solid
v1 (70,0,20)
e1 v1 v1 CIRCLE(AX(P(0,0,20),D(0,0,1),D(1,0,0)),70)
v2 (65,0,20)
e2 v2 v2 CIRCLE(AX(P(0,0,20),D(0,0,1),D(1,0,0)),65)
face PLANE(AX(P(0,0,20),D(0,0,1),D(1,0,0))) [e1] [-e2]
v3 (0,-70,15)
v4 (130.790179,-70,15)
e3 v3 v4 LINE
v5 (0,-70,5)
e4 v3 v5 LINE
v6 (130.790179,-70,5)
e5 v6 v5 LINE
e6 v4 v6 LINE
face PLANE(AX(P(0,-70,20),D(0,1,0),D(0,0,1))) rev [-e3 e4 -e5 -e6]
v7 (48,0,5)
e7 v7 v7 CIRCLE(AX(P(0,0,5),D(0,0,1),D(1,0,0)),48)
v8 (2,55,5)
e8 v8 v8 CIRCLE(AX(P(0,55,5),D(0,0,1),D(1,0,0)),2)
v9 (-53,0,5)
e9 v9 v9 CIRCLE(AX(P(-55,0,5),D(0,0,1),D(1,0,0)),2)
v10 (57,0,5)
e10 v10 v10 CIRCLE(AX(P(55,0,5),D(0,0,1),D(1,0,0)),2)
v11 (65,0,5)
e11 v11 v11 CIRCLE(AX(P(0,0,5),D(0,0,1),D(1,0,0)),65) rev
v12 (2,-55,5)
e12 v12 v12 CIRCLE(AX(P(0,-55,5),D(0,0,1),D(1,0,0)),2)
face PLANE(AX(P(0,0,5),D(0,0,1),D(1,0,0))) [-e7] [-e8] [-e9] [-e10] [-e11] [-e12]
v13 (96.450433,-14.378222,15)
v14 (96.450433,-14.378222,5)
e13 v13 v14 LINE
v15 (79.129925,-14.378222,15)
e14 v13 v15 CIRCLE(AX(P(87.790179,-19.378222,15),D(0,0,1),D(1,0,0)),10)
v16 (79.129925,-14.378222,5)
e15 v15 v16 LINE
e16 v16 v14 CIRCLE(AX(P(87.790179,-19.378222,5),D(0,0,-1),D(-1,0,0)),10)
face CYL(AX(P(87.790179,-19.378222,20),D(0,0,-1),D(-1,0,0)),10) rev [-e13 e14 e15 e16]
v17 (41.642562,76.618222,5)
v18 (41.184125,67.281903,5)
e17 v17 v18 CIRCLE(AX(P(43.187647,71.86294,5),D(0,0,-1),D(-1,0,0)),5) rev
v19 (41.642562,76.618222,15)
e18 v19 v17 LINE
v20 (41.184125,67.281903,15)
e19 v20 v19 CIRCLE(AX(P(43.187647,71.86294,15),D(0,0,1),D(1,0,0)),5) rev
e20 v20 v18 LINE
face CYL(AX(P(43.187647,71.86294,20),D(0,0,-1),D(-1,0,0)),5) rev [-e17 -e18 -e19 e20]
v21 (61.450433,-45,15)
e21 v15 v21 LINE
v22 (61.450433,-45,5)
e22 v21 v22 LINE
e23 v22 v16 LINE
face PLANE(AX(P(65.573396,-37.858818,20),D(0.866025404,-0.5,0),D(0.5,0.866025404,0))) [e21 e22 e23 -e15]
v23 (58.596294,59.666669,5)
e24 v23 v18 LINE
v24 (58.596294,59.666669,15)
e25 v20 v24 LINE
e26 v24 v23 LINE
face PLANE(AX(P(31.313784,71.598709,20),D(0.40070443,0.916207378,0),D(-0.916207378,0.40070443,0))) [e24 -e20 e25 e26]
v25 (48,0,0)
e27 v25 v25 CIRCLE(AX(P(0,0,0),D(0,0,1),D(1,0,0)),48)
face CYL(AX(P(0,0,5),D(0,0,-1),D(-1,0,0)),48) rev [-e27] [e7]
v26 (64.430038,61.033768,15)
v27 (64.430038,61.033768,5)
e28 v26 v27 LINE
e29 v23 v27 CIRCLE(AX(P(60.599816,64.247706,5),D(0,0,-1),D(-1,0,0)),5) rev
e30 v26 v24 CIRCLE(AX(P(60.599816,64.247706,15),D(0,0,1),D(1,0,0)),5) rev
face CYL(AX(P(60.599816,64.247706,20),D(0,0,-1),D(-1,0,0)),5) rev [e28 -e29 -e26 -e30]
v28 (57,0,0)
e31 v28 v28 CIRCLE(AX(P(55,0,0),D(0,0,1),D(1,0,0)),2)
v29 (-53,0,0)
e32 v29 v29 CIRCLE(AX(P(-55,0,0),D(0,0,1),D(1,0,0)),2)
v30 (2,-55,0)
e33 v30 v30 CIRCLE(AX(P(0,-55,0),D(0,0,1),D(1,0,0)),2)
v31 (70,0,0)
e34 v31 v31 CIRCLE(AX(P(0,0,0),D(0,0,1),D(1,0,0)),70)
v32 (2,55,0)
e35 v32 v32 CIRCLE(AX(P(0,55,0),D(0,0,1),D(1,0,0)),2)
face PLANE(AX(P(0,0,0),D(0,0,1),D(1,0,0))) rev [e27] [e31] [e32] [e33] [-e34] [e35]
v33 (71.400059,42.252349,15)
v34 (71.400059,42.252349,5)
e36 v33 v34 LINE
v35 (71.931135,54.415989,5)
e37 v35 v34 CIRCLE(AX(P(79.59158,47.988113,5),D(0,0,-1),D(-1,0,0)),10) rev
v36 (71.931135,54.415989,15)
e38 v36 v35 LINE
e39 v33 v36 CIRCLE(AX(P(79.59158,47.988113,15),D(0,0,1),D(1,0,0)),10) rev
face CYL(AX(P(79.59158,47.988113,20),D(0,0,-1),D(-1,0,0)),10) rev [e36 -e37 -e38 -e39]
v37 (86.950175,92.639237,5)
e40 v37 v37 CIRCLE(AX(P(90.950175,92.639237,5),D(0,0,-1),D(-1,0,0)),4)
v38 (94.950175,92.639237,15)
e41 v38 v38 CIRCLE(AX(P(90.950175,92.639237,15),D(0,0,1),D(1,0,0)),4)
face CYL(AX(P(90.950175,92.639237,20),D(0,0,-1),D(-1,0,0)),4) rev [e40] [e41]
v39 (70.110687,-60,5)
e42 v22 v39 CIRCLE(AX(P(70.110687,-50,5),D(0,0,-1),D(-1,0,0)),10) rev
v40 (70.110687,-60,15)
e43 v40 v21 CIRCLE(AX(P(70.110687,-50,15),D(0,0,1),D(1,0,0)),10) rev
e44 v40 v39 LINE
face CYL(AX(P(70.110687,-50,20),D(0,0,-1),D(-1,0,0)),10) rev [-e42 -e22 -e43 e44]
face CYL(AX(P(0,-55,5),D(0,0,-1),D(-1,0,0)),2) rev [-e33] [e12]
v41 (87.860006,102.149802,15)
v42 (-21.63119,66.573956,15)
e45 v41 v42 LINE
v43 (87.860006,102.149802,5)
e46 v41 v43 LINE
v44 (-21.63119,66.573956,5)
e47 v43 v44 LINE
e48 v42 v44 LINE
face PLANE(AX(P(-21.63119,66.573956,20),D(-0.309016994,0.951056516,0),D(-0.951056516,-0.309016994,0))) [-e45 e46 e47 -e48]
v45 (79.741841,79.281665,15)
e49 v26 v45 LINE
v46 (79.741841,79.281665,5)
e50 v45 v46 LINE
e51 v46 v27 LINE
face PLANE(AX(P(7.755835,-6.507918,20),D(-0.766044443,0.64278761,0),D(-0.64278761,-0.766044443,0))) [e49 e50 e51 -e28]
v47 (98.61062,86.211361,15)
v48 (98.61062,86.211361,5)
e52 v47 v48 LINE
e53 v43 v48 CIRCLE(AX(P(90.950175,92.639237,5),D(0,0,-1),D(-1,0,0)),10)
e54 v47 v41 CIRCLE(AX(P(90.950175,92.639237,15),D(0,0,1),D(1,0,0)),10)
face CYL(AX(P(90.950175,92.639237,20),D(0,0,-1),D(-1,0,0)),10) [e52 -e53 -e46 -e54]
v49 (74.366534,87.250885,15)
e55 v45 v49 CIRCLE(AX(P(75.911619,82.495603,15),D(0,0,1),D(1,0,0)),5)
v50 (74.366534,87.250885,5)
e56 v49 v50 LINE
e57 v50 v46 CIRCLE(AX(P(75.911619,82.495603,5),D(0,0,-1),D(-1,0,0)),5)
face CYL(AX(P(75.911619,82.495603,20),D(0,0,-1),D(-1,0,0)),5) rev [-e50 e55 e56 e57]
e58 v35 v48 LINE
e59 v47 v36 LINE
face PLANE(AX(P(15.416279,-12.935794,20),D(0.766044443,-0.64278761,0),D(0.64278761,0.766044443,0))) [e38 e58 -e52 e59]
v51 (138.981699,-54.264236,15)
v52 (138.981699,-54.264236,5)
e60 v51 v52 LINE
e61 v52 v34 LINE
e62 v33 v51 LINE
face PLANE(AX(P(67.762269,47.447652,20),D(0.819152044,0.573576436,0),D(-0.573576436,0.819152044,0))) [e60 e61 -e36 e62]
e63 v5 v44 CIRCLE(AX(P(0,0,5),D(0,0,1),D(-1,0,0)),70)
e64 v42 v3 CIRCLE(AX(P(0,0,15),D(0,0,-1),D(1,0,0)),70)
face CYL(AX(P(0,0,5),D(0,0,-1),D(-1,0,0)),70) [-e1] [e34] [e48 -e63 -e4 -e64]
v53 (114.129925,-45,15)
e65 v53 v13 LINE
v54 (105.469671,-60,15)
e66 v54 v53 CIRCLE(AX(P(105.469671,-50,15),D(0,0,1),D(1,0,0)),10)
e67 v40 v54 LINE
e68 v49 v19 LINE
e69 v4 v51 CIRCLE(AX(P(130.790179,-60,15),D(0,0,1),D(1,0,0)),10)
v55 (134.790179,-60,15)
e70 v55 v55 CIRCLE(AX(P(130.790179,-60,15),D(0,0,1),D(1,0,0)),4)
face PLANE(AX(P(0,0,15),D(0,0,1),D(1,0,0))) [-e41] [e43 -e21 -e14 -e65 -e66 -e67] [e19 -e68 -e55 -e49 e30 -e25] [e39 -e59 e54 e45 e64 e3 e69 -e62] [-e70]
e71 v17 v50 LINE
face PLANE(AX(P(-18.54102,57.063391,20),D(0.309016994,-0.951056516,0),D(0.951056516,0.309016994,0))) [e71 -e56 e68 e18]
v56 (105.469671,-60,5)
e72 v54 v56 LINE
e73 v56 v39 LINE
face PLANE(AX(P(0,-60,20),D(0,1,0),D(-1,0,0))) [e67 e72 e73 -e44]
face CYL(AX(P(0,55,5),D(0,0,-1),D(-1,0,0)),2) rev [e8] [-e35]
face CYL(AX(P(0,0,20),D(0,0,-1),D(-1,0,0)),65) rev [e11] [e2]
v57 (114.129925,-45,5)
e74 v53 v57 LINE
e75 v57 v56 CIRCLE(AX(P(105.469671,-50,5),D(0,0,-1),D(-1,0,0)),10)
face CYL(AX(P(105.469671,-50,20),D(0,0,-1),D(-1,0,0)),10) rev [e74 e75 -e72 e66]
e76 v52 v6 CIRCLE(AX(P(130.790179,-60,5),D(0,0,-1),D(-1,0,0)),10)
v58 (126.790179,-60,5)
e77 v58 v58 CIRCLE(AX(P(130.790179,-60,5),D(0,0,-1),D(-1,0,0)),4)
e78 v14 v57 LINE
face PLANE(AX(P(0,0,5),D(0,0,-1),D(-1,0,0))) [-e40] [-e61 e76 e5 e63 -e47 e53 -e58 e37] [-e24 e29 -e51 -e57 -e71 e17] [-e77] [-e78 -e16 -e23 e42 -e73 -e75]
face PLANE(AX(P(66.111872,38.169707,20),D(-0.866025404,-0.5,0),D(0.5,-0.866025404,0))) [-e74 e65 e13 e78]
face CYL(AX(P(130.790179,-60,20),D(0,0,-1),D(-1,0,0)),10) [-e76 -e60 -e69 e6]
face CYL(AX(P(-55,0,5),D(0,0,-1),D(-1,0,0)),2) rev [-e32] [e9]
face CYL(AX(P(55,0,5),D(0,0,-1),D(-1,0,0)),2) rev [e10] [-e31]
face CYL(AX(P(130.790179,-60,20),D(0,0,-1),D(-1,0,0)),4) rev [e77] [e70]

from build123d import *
from build123d.topology import SkipClean

# Parameters (mm, degrees)
SKETCH_1_R          = 70
SKETCH_1_R_2        = 48
SKETCH_1_R_3        = 2
EXTRUDE_3_DEPTH     = 5
SKETCH_2_R          = 70
SKETCH_2_R_2        = 65
EXTRUDE_4_DEPTH     = 15
SKETCH_4_R          = 4
EXTRUDE_5_DEPTH     = 20
CUT_EXTRUDE_START   = -5
CUT_EXTRUDE_1_DEPTH = 5
CUT_EXTRUDE_2_DEPTH = 5


with BuildPart() as part:
    # 草图1 → 凸台-拉伸3 (new body)
    with BuildSketch(Plane.XY):
        Circle(SKETCH_1_R)
        Circle(SKETCH_1_R_2, mode=Mode.SUBTRACT)
        with Locations((55, 0)):
            Circle(SKETCH_1_R_3, mode=Mode.SUBTRACT)
        with Locations((0, -55)):
            Circle(SKETCH_1_R_3, mode=Mode.SUBTRACT)
        with Locations((-55, 0)):
            Circle(SKETCH_1_R_3, mode=Mode.SUBTRACT)
        with Locations((0, 55)):
            Circle(SKETCH_1_R_3, mode=Mode.SUBTRACT)
    extrude(amount=EXTRUDE_3_DEPTH)

    # 草图2 → 凸台-拉伸4 (add)
    with BuildSketch(Plane.XY.offset(5)):
        Circle(SKETCH_2_R)
        Circle(SKETCH_2_R_2, mode=Mode.SUBTRACT)
    extrude(amount=EXTRUDE_4_DEPTH)

    # 草图4 → 凸台-拉伸5 (add)
    with BuildSketch(Plane.XY):
        with BuildLine():
            ThreePointArc((70, 0), (49.497474683, -49.497474683), (0, -70))
            Line((0, -70), (130.79017873, -70))
            ThreePointArc((130.79017873, -70), (139.660287062, -64.617486132), (138.981699173, -54.264235636))
            Line((138.981699173, -54.264235636), (71.400059285, 42.252348663))
            ThreePointArc((71.400059285, 42.252348663), (69.601097512, 48.4243069), (71.931135296, 54.415989123))
            Line((71.931135296, 54.415989123), (98.610619895, 86.211360741))
            ThreePointArc((98.610619895, 86.211360741), (99.240551189, 98.231165873), (87.86000552, 102.149802001))
            Line((87.86000552, 102.149802001), (-21.631189606, 66.573956141))
            ThreePointArc((-21.631189606, 66.573956141), (41.14496766, 56.631189606), (70, 0))
        make_face()
        with BuildLine():
            Line((105.469670655, -60), (70.110686806, -60))
            ThreePointArc((70.110686806, -60), (61.450432768, -55), (61.450432768, -45))
            Line((61.450432768, -45), (79.129924692, -14.378221735))
            ThreePointArc((79.129924692, -14.378221735), (87.79017873, -9.378221735), (96.450432768, -14.378221735))
            Line((96.450432768, -14.378221735), (114.129924692, -45))
            ThreePointArc((114.129924692, -45), (114.129924692, -55), (105.469670655, -60))
        make_face(mode=Mode.SUBTRACT)
        with Locations((130.79017873, -60)):
            Circle(SKETCH_4_R, mode=Mode.SUBTRACT)
        with BuildLine():
            Line((41.642562118, 76.618222088), (74.366534304, 87.25088519))
            ThreePointArc((74.366534304, 87.25088519), (80.056807139, 85.291567126), (79.741841492, 79.28166456))
            Line((79.741841492, 79.28166456), (64.430038128, 61.033767892))
            ThreePointArc((64.430038128, 61.033767892), (61.740626192, 59.379590093), (58.596293763, 59.66666905))
            Line((58.596293763, 59.66666905), (41.18412494, 67.281902615))
            ThreePointArc((41.18412494, 67.281902615), (38.193663865, 72.108156862), (41.642562118, 76.618222088))
        make_face(mode=Mode.SUBTRACT)
        with Locations((90.950175463, 92.639236838)):
            Circle(SKETCH_4_R, mode=Mode.SUBTRACT)
    extrude(amount=EXTRUDE_5_DEPTH)

    # 草图5 → 切除-拉伸1 (cut)
    with BuildSketch(Plane.XY.offset(20).offset(CUT_EXTRUDE_START)):
        with BuildLine():
            Line((-21.631189606, 66.573956141), (116.729087569, 111.529935371))
            Line((116.729087569, 111.529935371), (175.711739026, -70))
            Line((175.711739026, -70), (0, -70))
            ThreePointArc((0, -70), (69.138183842, 10.950412553), (-21.631189606, 66.573956141))
        make_face()
    extrude(amount=CUT_EXTRUDE_1_DEPTH, mode=Mode.SUBTRACT)

    # 草图6 → 切除-拉伸2 (cut)
    with SkipClean():  # the faces are left unmerged after this step: merging them gives an invalid solid
        with BuildSketch(Plane(origin=(0, 0, 0), x_dir=(-1, 0, 0), z_dir=(0, 0, -1))):
            with BuildLine():
                Line((0, -70), (-171.744818914, -70))
                Line((-171.744818914, -70), (-152.584469484, 114.8340827))
                Line((-152.584469484, 114.8340827), (-131.3396111, 125.799170899))
                Line((-131.3396111, 125.799170899), (25.232046012, 65.294286535))
                ThreePointArc((25.232046012, 65.294286535), (-68.813516323, 12.833548663), (0, -70))
            make_face()
        extrude(amount=-CUT_EXTRUDE_2_DEPTH, mode=Mode.SUBTRACT)


solid = part.part
